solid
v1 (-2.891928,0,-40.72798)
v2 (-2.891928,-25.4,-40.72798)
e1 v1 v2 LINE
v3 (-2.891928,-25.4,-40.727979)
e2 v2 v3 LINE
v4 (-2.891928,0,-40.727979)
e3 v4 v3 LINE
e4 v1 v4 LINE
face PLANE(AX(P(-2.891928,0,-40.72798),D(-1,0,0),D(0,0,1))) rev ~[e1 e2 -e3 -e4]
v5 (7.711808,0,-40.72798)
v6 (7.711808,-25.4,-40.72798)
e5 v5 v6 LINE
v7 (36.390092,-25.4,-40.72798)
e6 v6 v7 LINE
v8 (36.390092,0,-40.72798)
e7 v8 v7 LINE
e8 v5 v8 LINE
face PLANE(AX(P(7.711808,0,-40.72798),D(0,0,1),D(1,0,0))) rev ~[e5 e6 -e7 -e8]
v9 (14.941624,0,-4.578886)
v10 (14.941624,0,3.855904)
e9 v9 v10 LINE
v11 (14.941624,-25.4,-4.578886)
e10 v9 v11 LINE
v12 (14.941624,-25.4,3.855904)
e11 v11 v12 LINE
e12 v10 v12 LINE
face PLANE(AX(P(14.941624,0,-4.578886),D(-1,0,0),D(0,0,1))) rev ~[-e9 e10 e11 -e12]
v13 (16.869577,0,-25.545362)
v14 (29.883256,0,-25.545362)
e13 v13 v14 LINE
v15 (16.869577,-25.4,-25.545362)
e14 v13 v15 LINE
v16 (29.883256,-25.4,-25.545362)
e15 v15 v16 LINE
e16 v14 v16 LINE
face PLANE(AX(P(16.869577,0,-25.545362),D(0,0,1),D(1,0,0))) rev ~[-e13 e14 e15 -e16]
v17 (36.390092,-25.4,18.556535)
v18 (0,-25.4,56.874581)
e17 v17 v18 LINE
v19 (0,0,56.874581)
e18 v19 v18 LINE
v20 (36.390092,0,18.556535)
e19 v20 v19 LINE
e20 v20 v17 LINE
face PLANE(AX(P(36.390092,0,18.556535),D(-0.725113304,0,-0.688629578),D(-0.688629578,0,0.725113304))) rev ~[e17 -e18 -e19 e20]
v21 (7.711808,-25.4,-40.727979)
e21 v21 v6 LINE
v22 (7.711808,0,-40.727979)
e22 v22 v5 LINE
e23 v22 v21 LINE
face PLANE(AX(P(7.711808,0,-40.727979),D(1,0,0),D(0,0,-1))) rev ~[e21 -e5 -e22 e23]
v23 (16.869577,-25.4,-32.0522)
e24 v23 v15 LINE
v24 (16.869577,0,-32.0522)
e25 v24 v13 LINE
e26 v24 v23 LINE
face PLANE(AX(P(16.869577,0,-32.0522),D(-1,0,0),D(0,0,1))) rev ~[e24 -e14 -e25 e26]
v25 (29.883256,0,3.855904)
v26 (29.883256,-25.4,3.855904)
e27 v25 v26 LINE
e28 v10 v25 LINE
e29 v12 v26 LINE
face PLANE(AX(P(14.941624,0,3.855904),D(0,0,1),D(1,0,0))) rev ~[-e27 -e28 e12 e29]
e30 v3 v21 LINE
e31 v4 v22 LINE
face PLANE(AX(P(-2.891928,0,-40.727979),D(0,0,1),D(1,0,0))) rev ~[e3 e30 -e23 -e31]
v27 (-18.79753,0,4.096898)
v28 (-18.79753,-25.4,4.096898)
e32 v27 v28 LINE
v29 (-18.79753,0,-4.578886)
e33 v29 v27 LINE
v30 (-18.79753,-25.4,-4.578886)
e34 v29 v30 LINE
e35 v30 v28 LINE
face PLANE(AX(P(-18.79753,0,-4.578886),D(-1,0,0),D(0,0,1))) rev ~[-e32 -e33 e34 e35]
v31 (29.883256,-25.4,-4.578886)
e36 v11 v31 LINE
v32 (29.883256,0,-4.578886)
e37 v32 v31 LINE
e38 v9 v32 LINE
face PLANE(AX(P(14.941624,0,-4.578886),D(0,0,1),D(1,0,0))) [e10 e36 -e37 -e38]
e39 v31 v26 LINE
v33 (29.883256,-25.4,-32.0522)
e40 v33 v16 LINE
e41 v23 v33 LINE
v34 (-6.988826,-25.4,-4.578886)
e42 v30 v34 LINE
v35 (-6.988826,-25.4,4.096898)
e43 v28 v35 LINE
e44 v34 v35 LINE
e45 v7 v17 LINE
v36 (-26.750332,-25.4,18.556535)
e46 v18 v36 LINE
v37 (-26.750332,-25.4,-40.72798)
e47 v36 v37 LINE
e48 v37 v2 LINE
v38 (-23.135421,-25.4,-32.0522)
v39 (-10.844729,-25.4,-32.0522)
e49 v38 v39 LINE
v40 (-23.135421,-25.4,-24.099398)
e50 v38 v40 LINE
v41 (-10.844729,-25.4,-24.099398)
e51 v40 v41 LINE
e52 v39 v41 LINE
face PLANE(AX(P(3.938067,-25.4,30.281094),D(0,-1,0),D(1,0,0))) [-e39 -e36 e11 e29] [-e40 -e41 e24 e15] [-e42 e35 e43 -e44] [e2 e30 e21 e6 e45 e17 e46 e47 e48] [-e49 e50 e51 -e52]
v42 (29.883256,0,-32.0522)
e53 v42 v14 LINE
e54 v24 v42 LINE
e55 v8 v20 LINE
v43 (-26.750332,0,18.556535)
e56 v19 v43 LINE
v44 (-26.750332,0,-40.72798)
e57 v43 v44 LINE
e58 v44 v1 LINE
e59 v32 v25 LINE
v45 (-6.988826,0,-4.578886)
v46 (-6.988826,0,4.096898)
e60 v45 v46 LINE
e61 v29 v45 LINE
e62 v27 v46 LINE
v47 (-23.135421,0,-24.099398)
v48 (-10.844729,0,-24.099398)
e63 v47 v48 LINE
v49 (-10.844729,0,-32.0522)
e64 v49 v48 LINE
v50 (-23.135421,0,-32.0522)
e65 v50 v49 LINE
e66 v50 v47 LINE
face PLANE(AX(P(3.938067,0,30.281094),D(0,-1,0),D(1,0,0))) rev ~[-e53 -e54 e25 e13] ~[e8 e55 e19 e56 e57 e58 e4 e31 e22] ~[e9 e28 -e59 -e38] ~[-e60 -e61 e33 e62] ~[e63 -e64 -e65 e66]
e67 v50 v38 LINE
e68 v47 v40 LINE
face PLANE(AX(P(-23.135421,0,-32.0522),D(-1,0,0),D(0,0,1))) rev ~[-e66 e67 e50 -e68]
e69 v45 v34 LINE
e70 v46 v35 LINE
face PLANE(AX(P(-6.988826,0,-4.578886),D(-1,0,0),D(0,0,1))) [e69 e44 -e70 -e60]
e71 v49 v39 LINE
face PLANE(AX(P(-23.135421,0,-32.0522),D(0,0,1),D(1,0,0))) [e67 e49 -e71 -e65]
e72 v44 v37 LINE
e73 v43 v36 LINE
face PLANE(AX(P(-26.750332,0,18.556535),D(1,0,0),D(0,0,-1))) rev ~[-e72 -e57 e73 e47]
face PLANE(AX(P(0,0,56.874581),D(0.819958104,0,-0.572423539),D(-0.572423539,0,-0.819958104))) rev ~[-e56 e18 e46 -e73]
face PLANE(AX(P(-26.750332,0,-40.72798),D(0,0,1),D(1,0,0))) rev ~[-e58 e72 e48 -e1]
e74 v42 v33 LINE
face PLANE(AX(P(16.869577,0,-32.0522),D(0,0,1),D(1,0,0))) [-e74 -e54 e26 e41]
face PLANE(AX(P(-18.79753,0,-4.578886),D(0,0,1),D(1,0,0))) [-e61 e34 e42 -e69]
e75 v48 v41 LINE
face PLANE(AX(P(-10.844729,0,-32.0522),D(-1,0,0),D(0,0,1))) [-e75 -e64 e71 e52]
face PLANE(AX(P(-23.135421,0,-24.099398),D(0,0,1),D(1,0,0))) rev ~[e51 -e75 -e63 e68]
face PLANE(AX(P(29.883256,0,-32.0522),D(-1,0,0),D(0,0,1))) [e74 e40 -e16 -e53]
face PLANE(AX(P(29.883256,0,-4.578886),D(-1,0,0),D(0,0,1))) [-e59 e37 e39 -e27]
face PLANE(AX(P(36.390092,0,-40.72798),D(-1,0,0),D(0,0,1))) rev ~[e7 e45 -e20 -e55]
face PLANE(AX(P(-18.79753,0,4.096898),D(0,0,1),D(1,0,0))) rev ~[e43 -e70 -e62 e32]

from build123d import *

# Parameters (mm, degrees)
F0_W     = 12.290693
F0_H     = 7.952802
F0_W_2   = 11.808704
F0_H_2   = 8.675784
F0_W_3   = 13.013679
F0_H_3   = 6.506838
F0_W_4   = 14.941631
F0_H_4   = 8.43479
F0_W_5   = 10.603736
F0_H_5   = 13.495661
F1_DEPTH = 25.4
F2_DEPTH = 25.4


with BuildPart() as f1:
    # F0 (on Front) → F1 (new body)
    with BuildSketch(Plane.XZ):
        Polygon((0, 56.874581), (-26.750332, 18.556535), (36.390092, 18.556535), align=None)
        Polygon((36.390092, 18.556535), (-26.750332, 18.556535), (-26.750332, -40.72798), (-2.891928, -40.72798), (-2.891928, -27.232319), (7.711808, -27.232319), (7.711808, -40.72798), (36.390092, -40.72798), align=None)
        with Locations((-16.990075, -28.075799)):
            Rectangle(F0_W, F0_H, mode=Mode.SUBTRACT)
        with Locations((-12.893178, -0.240994)):
            Rectangle(F0_W_2, F0_H_2, mode=Mode.SUBTRACT)
        with Locations((23.376416, -28.798781)):
            Rectangle(F0_W_3, F0_H_3, mode=Mode.SUBTRACT)
        with Locations((22.41244, -0.361491)):
            Rectangle(F0_W_4, F0_H_4, mode=Mode.SUBTRACT)
        with Locations((2.40994, -33.980149)):
            Rectangle(F0_W_5, F0_H_5)
    extrude(amount=F1_DEPTH)

    # F0 (on Front) → F2 (join)
    with BuildSketch(Plane.XZ):
        Polygon((0, 56.874581), (-26.750332, 18.556535), (36.390092, 18.556535), align=None)
        Polygon((36.390092, 18.556535), (-26.750332, 18.556535), (-26.750332, -40.72798), (-2.891928, -40.72798), (-2.891928, -27.232319), (7.711808, -27.232319), (7.711808, -40.72798), (36.390092, -40.72798), align=None)
        with Locations((-16.990075, -28.075799)):
            Rectangle(F0_W, F0_H, mode=Mode.SUBTRACT)
        with Locations((-12.893178, -0.240994)):
            Rectangle(F0_W_2, F0_H_2, mode=Mode.SUBTRACT)
        with Locations((23.376416, -28.798781)):
            Rectangle(F0_W_3, F0_H_3, mode=Mode.SUBTRACT)
        with Locations((22.41244, -0.361491)):
            Rectangle(F0_W_4, F0_H_4, mode=Mode.SUBTRACT)
        with Locations((2.40994, -33.980149)):
            Rectangle(F0_W_5, F0_H_5)
    extrude(amount=F2_DEPTH)


solid = f1.part
